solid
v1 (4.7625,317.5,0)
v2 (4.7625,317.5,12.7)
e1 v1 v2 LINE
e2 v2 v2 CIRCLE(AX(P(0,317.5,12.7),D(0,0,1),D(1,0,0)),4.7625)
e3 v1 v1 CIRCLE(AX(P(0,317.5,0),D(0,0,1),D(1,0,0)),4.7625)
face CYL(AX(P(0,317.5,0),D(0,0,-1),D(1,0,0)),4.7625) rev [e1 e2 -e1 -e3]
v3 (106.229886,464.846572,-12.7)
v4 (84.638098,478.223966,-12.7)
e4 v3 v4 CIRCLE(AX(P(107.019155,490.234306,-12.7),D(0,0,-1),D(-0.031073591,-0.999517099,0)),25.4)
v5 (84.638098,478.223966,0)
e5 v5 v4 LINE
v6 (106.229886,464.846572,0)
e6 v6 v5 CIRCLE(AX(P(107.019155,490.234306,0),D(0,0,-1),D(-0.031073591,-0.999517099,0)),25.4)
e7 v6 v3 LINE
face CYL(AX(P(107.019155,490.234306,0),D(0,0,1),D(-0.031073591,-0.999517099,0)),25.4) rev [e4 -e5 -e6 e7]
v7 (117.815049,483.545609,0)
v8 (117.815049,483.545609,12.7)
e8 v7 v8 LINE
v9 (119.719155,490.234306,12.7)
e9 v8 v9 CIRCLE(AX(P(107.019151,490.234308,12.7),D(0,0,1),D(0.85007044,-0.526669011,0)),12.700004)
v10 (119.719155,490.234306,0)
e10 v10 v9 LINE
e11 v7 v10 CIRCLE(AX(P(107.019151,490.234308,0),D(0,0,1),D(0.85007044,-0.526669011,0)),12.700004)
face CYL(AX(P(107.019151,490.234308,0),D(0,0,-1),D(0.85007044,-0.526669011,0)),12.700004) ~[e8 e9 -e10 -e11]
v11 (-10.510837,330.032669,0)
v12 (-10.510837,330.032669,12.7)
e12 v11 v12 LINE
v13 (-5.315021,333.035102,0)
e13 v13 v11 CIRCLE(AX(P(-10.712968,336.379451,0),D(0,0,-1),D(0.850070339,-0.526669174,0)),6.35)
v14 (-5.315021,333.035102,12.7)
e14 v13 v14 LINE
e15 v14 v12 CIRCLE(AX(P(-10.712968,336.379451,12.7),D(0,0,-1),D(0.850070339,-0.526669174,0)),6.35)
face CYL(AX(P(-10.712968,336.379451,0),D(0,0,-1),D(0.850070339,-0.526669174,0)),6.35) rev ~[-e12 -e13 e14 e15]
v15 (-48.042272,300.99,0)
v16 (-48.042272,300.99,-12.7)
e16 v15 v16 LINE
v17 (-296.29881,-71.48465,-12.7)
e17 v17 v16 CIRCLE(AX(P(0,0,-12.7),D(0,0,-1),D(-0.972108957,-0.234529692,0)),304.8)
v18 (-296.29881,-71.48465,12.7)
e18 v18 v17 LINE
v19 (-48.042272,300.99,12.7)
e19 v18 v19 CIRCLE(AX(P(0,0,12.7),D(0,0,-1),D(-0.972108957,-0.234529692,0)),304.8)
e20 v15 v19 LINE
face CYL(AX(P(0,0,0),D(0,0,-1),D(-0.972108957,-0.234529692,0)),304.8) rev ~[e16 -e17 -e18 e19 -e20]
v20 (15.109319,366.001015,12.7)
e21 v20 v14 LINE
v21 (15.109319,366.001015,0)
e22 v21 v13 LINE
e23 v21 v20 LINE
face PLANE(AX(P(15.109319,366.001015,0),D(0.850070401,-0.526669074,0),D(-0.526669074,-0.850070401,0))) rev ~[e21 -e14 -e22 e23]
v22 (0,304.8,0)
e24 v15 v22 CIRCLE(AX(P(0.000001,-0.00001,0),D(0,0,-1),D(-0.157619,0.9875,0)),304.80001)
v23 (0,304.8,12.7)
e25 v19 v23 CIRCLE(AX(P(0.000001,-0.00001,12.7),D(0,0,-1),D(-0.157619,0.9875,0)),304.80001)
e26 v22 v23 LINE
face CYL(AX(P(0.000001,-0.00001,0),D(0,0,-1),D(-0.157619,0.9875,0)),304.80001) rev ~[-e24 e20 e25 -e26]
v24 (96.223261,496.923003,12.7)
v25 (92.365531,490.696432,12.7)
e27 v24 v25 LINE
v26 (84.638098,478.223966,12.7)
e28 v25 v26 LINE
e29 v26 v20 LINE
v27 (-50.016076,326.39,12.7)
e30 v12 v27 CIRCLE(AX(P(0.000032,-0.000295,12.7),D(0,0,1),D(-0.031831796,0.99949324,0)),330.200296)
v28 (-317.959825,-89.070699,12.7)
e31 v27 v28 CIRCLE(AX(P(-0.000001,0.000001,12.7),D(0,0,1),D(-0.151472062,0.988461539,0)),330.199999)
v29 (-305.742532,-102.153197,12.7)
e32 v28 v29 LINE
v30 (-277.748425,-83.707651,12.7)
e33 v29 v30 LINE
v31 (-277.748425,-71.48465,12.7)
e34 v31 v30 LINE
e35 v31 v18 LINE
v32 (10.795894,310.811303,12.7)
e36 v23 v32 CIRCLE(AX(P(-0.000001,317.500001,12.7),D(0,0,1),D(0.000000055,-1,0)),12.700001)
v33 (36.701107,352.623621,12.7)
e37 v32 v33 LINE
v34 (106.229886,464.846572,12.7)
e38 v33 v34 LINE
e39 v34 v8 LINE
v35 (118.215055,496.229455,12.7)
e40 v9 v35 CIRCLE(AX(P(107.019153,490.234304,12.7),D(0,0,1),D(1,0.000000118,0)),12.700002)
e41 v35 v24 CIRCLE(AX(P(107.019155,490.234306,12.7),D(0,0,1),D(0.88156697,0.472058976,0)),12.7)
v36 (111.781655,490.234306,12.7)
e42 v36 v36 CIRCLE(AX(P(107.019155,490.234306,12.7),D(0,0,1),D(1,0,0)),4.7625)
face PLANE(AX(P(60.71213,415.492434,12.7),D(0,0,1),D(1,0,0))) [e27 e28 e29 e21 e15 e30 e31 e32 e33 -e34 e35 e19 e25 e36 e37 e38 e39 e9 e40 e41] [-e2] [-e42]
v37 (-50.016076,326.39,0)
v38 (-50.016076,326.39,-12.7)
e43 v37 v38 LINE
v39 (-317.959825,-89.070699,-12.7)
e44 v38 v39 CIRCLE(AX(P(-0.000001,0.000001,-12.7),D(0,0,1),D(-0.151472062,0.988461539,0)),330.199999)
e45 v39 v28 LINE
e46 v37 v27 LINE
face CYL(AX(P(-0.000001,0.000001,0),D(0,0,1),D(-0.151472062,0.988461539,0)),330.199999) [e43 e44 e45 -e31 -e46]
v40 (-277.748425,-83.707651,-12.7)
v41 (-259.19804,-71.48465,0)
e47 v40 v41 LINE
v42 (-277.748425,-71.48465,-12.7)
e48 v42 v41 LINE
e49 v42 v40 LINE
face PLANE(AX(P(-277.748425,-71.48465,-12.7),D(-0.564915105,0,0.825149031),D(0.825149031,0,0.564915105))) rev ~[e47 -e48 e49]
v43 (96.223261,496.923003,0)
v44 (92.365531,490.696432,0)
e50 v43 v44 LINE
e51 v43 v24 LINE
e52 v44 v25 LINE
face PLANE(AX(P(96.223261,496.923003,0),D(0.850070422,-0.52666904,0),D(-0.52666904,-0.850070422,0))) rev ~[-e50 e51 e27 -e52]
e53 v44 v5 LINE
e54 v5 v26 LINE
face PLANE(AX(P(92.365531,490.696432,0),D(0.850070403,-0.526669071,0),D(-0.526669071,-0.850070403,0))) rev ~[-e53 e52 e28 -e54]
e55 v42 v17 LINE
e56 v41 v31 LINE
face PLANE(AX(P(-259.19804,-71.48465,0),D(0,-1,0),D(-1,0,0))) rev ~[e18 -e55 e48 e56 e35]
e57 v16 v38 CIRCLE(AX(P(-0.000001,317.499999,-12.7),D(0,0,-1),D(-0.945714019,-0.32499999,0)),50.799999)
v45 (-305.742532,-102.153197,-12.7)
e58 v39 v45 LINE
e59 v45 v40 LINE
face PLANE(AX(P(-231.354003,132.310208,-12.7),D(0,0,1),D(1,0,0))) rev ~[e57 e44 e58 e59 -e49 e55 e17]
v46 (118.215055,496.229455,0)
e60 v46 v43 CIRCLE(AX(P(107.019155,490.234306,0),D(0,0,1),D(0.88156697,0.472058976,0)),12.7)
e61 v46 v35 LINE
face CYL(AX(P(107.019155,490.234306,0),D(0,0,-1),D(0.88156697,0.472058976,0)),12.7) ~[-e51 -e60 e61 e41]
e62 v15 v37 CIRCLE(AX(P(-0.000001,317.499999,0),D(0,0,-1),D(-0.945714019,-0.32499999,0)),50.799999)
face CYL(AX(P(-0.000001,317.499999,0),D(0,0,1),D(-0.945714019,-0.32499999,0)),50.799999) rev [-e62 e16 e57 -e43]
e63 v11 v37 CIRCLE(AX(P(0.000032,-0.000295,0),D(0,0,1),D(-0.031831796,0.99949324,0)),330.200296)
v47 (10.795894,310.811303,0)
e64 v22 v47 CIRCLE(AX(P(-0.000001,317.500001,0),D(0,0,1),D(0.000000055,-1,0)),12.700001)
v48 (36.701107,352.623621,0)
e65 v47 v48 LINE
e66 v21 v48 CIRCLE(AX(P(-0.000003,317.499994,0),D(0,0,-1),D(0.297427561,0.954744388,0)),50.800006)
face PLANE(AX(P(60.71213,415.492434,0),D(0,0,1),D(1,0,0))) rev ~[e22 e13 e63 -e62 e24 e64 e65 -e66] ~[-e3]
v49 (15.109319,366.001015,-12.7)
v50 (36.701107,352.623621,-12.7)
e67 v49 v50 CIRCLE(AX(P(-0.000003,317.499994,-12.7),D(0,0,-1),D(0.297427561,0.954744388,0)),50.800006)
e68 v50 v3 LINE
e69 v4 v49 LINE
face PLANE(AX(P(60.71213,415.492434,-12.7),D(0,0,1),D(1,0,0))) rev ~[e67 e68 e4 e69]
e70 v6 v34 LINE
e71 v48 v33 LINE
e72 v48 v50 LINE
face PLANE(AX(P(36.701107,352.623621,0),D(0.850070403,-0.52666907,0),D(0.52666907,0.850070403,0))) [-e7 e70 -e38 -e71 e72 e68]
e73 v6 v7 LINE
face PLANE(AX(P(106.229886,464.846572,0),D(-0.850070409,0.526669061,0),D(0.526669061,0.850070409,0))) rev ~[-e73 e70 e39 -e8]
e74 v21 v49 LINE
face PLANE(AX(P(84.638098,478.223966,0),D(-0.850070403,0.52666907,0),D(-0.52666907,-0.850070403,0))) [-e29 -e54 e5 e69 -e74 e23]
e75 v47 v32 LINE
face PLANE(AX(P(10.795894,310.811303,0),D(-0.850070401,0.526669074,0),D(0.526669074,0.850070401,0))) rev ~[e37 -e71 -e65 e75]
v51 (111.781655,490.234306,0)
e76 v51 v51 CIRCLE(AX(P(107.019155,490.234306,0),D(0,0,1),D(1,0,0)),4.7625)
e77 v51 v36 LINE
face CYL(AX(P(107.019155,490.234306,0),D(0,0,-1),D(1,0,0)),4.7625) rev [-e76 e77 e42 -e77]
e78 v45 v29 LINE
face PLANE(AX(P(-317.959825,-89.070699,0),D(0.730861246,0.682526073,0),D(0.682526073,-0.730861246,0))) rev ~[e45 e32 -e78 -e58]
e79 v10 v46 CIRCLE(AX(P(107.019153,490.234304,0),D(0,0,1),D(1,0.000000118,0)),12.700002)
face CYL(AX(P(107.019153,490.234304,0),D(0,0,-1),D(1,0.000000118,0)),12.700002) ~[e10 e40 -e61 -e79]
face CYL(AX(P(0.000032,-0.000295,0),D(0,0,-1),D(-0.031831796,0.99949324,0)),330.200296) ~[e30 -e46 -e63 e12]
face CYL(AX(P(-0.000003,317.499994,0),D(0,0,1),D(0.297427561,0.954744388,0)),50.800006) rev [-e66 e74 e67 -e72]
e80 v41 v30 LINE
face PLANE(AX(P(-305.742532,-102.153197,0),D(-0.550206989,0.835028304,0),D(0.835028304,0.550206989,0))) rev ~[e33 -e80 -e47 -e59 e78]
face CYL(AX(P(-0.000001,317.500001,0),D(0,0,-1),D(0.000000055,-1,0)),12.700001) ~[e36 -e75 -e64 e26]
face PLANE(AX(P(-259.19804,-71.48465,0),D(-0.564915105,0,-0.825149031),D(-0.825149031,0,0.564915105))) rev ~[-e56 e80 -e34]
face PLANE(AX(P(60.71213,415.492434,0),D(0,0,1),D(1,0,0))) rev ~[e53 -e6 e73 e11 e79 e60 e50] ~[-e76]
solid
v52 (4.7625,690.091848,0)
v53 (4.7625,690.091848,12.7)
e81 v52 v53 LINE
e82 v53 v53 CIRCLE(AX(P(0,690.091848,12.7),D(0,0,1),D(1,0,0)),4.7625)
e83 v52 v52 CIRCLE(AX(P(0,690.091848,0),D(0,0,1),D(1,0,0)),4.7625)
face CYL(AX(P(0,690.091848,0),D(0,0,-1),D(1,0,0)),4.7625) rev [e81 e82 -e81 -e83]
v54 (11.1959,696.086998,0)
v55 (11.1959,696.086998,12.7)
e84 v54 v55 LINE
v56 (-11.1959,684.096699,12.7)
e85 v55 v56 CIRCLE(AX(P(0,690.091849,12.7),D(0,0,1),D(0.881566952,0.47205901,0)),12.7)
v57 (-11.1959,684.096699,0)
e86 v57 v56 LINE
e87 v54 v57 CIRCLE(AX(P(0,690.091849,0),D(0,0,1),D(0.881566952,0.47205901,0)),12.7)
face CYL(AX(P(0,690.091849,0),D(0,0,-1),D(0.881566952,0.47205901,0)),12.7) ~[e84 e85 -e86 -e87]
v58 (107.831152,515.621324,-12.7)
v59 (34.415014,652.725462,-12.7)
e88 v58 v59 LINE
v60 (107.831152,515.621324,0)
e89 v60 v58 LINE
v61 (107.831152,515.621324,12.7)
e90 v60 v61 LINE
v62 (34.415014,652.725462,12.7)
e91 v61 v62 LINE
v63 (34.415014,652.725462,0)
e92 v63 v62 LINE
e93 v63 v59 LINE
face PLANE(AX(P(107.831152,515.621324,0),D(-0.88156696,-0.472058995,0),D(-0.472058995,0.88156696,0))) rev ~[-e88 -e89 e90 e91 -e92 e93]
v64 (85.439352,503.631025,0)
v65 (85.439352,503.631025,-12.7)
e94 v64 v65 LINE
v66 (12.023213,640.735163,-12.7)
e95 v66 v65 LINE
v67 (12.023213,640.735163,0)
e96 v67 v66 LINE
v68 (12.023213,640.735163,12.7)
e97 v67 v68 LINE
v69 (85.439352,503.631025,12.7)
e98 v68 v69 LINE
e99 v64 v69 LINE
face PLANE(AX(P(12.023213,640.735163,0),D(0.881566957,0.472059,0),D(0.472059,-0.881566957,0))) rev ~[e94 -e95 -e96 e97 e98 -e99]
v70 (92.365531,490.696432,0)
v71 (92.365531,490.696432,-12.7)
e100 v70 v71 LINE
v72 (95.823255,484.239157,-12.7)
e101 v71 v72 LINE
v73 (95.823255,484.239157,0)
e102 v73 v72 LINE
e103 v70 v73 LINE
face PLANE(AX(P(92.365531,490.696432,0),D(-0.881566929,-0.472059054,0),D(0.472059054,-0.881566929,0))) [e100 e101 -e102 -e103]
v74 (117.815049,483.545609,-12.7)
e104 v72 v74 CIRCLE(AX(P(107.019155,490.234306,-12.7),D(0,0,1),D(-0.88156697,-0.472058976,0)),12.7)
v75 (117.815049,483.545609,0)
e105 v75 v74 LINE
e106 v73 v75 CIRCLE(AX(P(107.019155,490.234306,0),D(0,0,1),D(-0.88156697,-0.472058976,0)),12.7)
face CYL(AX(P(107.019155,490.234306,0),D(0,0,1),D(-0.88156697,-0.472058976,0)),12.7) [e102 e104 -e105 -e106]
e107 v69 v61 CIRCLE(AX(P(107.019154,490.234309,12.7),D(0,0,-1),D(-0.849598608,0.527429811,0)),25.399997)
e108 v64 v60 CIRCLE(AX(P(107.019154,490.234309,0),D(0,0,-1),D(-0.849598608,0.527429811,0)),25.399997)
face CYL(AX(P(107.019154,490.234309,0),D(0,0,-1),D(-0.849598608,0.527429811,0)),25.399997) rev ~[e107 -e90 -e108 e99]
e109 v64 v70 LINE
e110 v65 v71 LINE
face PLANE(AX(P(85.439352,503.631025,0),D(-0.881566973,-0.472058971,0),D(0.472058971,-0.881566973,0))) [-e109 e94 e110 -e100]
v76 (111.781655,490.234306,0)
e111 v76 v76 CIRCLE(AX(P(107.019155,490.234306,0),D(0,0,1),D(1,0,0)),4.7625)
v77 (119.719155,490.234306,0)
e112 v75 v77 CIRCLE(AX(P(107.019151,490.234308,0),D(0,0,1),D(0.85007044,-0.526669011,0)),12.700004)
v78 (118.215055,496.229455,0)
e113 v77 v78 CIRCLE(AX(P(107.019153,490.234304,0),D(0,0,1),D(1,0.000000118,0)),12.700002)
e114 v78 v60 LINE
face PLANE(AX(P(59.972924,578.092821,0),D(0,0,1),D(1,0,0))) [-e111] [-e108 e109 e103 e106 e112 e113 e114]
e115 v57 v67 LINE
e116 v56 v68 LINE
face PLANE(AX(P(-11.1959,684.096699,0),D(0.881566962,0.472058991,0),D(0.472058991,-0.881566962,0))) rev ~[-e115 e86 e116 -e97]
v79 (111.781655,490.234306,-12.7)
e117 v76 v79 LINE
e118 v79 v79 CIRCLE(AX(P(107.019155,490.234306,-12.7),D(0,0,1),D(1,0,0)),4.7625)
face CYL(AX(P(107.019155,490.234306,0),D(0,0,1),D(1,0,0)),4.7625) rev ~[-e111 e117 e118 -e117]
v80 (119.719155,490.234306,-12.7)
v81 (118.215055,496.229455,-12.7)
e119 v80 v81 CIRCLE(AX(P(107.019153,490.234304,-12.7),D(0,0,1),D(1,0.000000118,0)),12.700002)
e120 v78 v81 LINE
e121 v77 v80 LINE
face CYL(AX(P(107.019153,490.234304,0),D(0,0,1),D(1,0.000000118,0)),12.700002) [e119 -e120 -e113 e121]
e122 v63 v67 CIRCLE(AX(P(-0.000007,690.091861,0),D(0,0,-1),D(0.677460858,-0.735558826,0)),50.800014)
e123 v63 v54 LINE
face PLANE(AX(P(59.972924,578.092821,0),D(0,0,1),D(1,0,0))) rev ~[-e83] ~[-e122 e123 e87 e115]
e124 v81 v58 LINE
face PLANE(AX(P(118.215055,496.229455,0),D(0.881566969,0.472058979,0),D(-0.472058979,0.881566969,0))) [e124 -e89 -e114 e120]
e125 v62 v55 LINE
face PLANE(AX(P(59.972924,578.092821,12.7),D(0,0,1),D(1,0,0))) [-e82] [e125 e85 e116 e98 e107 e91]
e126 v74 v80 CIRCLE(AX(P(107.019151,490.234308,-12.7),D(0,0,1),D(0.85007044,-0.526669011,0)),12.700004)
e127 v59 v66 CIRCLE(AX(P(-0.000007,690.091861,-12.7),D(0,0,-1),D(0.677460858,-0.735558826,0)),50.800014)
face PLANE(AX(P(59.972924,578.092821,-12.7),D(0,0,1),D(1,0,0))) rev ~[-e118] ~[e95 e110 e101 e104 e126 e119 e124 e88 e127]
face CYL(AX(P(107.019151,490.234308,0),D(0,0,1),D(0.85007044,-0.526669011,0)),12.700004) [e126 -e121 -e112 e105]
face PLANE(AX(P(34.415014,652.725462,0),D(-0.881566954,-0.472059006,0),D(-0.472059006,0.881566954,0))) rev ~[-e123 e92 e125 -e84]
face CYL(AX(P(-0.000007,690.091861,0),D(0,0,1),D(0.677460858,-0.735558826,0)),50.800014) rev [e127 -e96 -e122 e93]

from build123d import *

# Parameters (mm, degrees)
F0_R     = 4.7625
F1_DEPTH = 12.7
F2_DEPTH = 12.7
F3_DEPTH = 12.7
F4_DEPTH = 12.7
F6_DEPTH = 30.669547


with BuildPart() as f1:
    # F0 (on Top) → F1 (new body)
    with BuildSketch(Plane.XY):
        with BuildLine():
            ThreePointArc((15.109319, 366.001015), (26.754789, 360.683576), (36.701107, 352.623621))
            Line((36.701107, 352.623621), (106.229886, 464.846572))
            ThreePointArc((106.229886, 464.846572), (93.641761, 468.642518), (84.638098, 478.223966))
            Line((84.638098, 478.223966), (15.109319, 366.001015))
        make_face()
        with BuildLine():
            ThreePointArc((84.638098, 478.223966), (93.641761, 468.642518), (106.229886, 464.846572))
            Line((106.229886, 464.846572), (117.815049, 483.545609))
            ThreePointArc((117.815049, 483.545609), (106.618838, 477.540617), (95.823255, 484.239157))
            Line((95.823255, 484.239157), (92.365531, 490.696432))
            Line((92.365531, 490.696432), (84.638098, 478.223966))
        make_face()
        with BuildLine():
            ThreePointArc((95.823255, 484.239157), (106.618838, 477.540617), (117.815049, 483.545609))
            ThreePointArc((117.815049, 483.545609), (119.233856, 486.757084), (119.719155, 490.234306))
            ThreePointArc((119.719155, 490.234306), (119.337392, 493.32478), (118.215055, 496.229455))
            ThreePointArc((118.215055, 496.229455), (107.419472, 502.927995), (96.223261, 496.923003))
            ThreePointArc((96.223261, 496.923003), (94.325466, 490.634623), (95.823255, 484.239157))
        make_face()
        with Locations((107.019155, 490.234306)):
            Circle(F0_R, mode=Mode.SUBTRACT)
        with BuildLine():
            Line((92.365531, 490.696432), (95.823255, 484.239157))
            ThreePointArc((95.823255, 484.239157), (94.325466, 490.634623), (96.223261, 496.923003))
            Line((96.223261, 496.923003), (92.365531, 490.696432))
        make_face()
        with BuildLine():
            ThreePointArc((-50.016076, 326.39), (-50.647309, 313.564257), (-48.042272, 300.99))
            ThreePointArc((-48.042272, 300.99), (-24.096556, 303.846007), (0, 304.8))
            ThreePointArc((0, 304.8), (6.178331, 306.404135), (10.795894, 310.811303))
            Line((10.795894, 310.811303), (36.701107, 352.623621))
            ThreePointArc((36.701107, 352.623621), (26.754789, 360.683576), (15.109319, 366.001015))
            Line((15.109319, 366.001015), (-5.315021, 333.035102))
            ThreePointArc((-5.315021, 333.035102), (-7.535883, 330.881394), (-10.510837, 330.032669))
            ThreePointArc((-10.510837, 330.032669), (-30.318213, 328.805179), (-50.016076, 326.39))
        make_face()
        with Locations((0, 317.5)):
            Circle(F0_R, mode=Mode.SUBTRACT)
        with BuildLine():
            Line((-259.19804, -71.48465), (-296.29881, -71.48465))
            ThreePointArc((-296.29881, -71.48465), (-253.627752, 169.044383), (-48.042272, 300.99))
            ThreePointArc((-48.042272, 300.99), (-50.647309, 313.564257), (-50.016076, 326.39))
            ThreePointArc((-50.016076, 326.39), (-277.494981, 178.965292), (-317.959825, -89.070699))
            Line((-317.959825, -89.070699), (-305.742532, -102.153197))
            Line((-305.742532, -102.153197), (-259.19804, -71.48465))
        make_face()
    extrude(amount=F1_DEPTH)

    # F0 (on Top) → F2 (join)
    with BuildSketch(Plane.XY):
        with BuildLine():
            ThreePointArc((15.109319, 366.001015), (26.754789, 360.683576), (36.701107, 352.623621))
            Line((36.701107, 352.623621), (106.229886, 464.846572))
            ThreePointArc((106.229886, 464.846572), (93.641761, 468.642518), (84.638098, 478.223966))
            Line((84.638098, 478.223966), (15.109319, 366.001015))
        make_face()
        with BuildLine():
            Line((-259.19804, -71.48465), (-296.29881, -71.48465))
            ThreePointArc((-296.29881, -71.48465), (-253.627752, 169.044383), (-48.042272, 300.99))
            ThreePointArc((-48.042272, 300.99), (-50.647309, 313.564257), (-50.016076, 326.39))
            ThreePointArc((-50.016076, 326.39), (-277.494981, 178.965292), (-317.959825, -89.070699))
            Line((-317.959825, -89.070699), (-305.742532, -102.153197))
            Line((-305.742532, -102.153197), (-259.19804, -71.48465))
        make_face()
    extrude(amount=-F2_DEPTH)

    # F5 (on face) → F6 (cut, through all)
    with BuildSketch(Plane(origin=(0, -71.48465, 0), x_dir=(-1, 0, 0), z_dir=(0, 1, 0))):
        Polygon((259.19804, 12.7), (259.19804, 0), (277.748425, 12.7), align=None)
        Polygon((277.748425, -12.7), (259.19804, 0), (259.19804, -12.7), align=None)
    extrude(amount=-F6_DEPTH, mode=Mode.SUBTRACT)


with BuildPart() as f3:
    # F0 (on Top) → F3 (new body)
    with BuildSketch(Plane.XY):
        with BuildLine():
            Line((12.023213, 640.735163), (85.439352, 503.631025))
            ThreePointArc((85.439352, 503.631025), (95.028856, 512.626107), (107.831152, 515.621324))
            Line((107.831152, 515.621324), (34.415014, 652.725462))
            ThreePointArc((34.415014, 652.725462), (23.980597, 645.308247), (12.023213, 640.735163))
        make_face()
        with BuildLine():
            Line((85.439352, 503.631025), (92.365531, 490.696432))
            Line((92.365531, 490.696432), (96.223261, 496.923003))
            ThreePointArc((96.223261, 496.923003), (107.419472, 502.927995), (118.215055, 496.229455))
            Line((118.215055, 496.229455), (107.831152, 515.621324))
            ThreePointArc((107.831152, 515.621324), (95.028856, 512.626107), (85.439352, 503.631025))
        make_face()
        with BuildLine():
            Line((92.365531, 490.696432), (95.823255, 484.239157))
            ThreePointArc((95.823255, 484.239157), (94.325466, 490.634623), (96.223261, 496.923003))
            Line((96.223261, 496.923003), (92.365531, 490.696432))
        make_face()
        with BuildLine():
            ThreePointArc((95.823255, 484.239157), (106.618838, 477.540617), (117.815049, 483.545609))
            ThreePointArc((117.815049, 483.545609), (119.233856, 486.757084), (119.719155, 490.234306))
            ThreePointArc((119.719155, 490.234306), (119.337392, 493.32478), (118.215055, 496.229455))
            ThreePointArc((118.215055, 496.229455), (107.419472, 502.927995), (96.223261, 496.923003))
            ThreePointArc((96.223261, 496.923003), (94.325466, 490.634623), (95.823255, 484.239157))
        make_face()
        with Locations((107.019155, 490.234306)):
            Circle(F0_R, mode=Mode.SUBTRACT)
    extrude(amount=-F3_DEPTH)

    # F0 (on Top) → F4 (join)
    with BuildSketch(Plane.XY):
        with BuildLine():
            Line((12.023213, 640.735163), (85.439352, 503.631025))
            ThreePointArc((85.439352, 503.631025), (95.028856, 512.626107), (107.831152, 515.621324))
            Line((107.831152, 515.621324), (34.415014, 652.725462))
            ThreePointArc((34.415014, 652.725462), (23.980597, 645.308247), (12.023213, 640.735163))
        make_face()
        with BuildLine():
            Line((-11.1959, 684.096699), (12.023213, 640.735163))
            ThreePointArc((12.023213, 640.735163), (23.980597, 645.308247), (34.415014, 652.725462))
            Line((34.415014, 652.725462), (11.1959, 696.086998))
            ThreePointArc((11.1959, 696.086998), (12.318237, 693.182323), (12.7, 690.091848))
            ThreePointArc((12.7, 690.091848), (3.090474, 677.773611), (-11.1959, 684.096699))
        make_face()
        with BuildLine():
            ThreePointArc((11.1959, 696.086998), (-5.995149, 701.287749), (-11.1959, 684.096699))
            ThreePointArc((-11.1959, 684.096699), (3.090474, 677.773611), (12.7, 690.091848))
            ThreePointArc((12.7, 690.091848), (12.318237, 693.182323), (11.1959, 696.086998))
        make_face()
        with Locations((0, 690.091848)):
            Circle(F0_R, mode=Mode.SUBTRACT)
    extrude(amount=F4_DEPTH)


solid = Compound([f1.part, f3.part])
